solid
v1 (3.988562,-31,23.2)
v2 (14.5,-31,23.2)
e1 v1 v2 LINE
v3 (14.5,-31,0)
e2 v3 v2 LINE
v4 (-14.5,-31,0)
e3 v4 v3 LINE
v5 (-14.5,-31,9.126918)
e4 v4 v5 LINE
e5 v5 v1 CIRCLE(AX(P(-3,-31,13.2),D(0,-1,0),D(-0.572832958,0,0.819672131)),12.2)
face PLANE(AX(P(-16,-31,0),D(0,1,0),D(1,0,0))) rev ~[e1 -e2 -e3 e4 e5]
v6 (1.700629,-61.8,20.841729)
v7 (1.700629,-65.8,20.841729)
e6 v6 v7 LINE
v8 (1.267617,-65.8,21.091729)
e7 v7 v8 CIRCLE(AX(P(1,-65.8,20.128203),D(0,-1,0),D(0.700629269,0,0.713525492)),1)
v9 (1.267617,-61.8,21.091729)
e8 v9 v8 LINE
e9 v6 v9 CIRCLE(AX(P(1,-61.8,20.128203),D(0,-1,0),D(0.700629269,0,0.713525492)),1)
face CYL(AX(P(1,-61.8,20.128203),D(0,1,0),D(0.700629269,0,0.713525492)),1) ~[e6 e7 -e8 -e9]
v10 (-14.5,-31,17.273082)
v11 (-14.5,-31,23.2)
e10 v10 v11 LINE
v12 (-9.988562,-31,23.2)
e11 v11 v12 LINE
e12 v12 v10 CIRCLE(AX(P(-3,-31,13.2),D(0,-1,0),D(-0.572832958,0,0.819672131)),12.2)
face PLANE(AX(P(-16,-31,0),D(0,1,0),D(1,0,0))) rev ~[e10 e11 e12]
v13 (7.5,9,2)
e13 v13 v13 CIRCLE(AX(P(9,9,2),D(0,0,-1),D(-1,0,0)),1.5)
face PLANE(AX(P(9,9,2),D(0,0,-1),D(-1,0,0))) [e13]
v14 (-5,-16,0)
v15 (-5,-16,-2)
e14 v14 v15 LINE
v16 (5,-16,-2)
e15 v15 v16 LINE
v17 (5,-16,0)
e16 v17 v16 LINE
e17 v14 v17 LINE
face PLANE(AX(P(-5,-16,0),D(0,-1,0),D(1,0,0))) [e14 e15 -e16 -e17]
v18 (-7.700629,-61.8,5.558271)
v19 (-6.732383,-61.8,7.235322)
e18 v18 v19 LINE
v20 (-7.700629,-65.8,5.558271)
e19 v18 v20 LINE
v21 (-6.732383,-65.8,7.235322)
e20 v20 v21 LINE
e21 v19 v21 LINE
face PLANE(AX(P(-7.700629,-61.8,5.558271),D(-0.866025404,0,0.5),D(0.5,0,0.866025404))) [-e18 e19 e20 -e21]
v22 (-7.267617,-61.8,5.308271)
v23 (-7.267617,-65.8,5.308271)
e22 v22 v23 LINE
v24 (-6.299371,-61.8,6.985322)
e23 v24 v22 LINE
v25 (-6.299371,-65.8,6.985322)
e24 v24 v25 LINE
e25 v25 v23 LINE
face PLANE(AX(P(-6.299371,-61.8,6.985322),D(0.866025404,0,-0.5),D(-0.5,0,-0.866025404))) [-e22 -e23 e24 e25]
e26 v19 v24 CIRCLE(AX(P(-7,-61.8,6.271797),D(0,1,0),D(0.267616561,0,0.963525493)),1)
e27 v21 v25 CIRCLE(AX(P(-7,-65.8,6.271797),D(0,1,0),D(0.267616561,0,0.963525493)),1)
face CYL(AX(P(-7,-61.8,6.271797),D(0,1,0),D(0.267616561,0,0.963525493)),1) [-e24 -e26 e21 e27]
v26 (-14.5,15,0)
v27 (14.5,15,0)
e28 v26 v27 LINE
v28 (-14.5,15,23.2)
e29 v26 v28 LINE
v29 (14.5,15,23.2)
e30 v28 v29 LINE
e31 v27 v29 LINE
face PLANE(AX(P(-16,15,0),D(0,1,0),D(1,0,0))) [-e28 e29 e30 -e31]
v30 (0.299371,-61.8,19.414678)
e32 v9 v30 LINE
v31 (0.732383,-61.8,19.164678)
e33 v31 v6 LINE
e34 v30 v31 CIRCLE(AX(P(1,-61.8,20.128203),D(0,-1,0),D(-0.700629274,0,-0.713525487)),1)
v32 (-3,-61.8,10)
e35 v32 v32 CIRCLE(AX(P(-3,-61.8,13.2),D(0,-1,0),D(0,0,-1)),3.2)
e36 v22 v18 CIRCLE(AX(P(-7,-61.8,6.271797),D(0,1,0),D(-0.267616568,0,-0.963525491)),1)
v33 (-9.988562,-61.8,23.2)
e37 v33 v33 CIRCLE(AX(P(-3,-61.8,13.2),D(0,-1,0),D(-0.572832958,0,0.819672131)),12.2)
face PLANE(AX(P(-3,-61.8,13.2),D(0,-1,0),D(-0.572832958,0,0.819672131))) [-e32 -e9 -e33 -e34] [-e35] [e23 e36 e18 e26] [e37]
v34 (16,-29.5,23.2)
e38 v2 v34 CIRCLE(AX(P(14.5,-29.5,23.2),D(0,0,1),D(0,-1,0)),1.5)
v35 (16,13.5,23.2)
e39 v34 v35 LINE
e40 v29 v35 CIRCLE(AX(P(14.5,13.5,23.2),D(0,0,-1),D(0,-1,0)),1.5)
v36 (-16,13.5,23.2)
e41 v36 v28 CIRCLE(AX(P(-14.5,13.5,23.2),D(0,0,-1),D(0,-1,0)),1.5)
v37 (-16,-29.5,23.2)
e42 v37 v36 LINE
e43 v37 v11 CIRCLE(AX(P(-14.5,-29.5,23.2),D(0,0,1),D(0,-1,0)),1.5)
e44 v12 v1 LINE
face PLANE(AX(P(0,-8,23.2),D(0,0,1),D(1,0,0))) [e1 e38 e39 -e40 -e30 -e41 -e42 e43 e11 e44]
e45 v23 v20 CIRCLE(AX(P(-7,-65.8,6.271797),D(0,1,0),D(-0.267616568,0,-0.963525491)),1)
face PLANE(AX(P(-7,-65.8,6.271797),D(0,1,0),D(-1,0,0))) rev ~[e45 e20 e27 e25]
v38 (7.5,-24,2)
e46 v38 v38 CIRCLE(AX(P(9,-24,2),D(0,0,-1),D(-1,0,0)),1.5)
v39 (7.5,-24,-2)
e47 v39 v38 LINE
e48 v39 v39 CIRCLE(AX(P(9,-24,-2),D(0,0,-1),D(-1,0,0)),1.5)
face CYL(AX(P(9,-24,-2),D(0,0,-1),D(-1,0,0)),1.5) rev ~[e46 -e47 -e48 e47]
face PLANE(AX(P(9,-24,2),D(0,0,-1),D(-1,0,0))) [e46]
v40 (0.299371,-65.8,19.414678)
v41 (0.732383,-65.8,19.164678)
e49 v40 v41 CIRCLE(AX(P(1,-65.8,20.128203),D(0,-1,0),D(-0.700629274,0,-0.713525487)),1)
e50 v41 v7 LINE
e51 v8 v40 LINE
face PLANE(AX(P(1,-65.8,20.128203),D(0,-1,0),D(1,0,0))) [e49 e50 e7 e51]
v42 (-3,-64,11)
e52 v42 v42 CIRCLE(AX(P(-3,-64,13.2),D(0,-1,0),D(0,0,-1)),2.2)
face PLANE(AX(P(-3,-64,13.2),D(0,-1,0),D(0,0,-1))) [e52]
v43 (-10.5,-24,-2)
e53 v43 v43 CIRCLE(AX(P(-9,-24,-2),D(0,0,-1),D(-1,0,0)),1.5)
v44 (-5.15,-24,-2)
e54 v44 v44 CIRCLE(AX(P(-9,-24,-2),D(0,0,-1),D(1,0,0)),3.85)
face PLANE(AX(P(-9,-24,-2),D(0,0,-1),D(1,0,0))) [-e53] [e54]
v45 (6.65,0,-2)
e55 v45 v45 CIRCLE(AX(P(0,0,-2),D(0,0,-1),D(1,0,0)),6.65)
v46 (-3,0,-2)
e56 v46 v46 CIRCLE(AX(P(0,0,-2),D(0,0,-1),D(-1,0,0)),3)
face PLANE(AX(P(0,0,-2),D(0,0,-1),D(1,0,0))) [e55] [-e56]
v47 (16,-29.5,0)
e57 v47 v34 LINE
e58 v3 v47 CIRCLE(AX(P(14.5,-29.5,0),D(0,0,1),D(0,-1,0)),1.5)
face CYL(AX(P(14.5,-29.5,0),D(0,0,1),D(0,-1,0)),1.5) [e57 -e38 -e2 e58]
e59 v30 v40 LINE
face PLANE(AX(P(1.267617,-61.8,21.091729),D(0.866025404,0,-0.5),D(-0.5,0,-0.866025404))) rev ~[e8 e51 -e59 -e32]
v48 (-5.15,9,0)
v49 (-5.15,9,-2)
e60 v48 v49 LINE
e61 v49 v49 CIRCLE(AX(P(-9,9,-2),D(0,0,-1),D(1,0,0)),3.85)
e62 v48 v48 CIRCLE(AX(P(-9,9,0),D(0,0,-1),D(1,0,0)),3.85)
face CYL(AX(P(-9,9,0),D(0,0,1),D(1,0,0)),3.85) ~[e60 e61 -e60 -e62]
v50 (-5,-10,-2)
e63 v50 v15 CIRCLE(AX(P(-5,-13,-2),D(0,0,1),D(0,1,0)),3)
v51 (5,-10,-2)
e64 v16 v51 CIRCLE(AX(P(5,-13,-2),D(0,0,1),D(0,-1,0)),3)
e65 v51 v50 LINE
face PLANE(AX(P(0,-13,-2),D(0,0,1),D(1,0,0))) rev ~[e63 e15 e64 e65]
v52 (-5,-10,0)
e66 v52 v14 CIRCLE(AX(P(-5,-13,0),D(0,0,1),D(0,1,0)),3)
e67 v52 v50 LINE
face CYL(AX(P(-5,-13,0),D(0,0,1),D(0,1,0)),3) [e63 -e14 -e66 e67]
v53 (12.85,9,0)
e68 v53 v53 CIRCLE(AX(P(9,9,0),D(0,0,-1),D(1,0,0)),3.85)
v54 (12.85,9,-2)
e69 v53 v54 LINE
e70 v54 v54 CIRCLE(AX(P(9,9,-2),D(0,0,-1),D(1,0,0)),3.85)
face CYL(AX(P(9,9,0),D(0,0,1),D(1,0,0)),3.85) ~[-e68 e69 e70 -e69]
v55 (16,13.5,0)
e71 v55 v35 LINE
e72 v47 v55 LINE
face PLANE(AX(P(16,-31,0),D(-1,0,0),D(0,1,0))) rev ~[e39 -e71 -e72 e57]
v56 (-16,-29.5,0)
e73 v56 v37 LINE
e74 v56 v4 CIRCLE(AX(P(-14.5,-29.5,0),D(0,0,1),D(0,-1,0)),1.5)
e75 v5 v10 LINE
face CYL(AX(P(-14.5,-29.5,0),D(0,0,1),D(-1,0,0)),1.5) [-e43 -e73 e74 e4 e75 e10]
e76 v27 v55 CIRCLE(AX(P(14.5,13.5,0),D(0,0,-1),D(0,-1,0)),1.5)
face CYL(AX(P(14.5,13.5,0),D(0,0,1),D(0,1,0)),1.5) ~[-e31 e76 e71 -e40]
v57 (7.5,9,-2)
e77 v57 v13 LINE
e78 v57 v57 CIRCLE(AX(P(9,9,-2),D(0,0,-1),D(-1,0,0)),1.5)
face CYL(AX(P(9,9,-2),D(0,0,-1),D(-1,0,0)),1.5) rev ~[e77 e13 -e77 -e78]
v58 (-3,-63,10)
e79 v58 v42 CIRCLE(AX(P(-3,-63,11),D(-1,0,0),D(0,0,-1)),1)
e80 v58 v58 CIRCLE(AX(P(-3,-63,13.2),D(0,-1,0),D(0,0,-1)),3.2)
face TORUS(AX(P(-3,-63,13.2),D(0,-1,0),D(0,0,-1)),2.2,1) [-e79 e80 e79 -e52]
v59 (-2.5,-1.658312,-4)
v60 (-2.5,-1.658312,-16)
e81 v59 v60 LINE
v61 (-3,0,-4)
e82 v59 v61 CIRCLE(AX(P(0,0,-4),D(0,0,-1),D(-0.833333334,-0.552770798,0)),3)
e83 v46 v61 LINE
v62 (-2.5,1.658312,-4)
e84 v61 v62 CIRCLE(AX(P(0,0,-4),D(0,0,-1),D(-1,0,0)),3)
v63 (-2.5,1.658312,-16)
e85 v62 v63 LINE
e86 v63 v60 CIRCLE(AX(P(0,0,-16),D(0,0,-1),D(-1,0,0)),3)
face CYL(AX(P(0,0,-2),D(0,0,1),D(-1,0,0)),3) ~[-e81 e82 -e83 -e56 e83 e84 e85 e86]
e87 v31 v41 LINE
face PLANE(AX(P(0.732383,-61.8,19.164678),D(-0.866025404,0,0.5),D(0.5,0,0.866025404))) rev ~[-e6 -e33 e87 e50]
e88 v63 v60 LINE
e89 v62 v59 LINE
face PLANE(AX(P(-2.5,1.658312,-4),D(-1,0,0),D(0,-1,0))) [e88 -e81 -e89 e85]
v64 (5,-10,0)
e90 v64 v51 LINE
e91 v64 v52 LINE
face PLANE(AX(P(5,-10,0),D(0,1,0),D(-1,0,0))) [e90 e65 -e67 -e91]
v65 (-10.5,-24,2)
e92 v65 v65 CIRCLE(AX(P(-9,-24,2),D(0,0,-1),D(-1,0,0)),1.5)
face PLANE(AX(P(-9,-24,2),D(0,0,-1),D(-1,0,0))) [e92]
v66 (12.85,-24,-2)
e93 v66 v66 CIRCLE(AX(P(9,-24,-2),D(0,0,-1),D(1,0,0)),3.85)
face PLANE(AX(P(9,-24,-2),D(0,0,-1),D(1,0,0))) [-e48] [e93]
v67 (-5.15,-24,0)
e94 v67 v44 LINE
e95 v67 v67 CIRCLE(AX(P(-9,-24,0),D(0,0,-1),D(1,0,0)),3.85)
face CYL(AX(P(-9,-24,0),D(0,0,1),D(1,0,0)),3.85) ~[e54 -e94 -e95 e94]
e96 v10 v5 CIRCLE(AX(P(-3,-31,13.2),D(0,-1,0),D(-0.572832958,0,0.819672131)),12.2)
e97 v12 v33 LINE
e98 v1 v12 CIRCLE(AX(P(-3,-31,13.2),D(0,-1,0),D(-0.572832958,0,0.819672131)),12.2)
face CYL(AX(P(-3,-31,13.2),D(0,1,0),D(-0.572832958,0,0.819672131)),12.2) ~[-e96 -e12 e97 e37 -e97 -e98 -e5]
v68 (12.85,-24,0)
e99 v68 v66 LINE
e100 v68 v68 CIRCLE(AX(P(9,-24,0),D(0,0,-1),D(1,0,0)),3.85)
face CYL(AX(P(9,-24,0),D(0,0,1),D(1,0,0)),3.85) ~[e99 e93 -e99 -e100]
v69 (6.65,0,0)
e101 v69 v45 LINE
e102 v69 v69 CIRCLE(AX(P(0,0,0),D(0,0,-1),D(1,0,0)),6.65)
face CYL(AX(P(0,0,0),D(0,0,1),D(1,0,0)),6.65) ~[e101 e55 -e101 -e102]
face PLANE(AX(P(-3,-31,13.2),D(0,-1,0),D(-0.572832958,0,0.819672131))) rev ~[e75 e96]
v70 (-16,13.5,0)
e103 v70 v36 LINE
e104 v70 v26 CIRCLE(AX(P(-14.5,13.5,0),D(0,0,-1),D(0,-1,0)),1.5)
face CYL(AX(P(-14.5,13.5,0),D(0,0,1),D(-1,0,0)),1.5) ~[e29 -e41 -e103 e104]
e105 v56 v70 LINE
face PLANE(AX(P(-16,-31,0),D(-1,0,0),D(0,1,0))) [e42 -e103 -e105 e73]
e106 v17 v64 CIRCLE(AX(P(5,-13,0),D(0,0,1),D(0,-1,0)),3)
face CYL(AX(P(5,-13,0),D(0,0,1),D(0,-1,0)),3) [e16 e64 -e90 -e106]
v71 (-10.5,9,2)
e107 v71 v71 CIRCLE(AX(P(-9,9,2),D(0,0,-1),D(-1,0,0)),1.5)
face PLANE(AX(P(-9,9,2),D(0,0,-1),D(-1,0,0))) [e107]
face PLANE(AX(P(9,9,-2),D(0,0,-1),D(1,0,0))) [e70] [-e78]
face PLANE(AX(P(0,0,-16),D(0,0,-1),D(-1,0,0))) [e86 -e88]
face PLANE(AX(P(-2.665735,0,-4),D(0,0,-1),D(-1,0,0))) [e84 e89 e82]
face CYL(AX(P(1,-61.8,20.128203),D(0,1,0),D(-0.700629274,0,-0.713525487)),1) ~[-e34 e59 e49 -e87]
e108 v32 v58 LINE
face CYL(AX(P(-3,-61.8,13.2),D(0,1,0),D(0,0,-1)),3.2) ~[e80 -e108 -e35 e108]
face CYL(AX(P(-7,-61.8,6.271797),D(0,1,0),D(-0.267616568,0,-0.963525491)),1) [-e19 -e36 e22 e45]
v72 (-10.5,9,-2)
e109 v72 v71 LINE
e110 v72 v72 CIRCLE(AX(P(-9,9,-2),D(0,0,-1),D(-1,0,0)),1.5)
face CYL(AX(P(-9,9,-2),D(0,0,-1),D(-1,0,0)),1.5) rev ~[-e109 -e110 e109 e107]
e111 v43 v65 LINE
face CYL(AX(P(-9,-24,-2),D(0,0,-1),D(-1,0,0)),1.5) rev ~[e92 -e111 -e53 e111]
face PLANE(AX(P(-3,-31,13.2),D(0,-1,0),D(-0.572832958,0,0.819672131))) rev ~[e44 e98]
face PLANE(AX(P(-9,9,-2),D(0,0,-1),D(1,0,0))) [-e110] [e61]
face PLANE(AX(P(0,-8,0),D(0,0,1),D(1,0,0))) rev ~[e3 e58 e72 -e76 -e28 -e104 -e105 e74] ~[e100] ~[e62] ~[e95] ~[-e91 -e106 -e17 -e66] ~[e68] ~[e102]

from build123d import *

# Parameters (mm, degrees)
SKETCH1_W           = 32
SKETCH1_H           = 46
BOSS_EXTRUDE1_DEPTH = 23.2
SKETCH2_R           = 3.85
SKETCH2_R_2         = 6.65
BOSS_EXTRUDE2_DEPTH = 2
SKETCH3_R           = 1.5
CUT_EXTRUDE1_DEPTH  = 4
SKETCH4_R           = 3
BOSS_EXTRUDE3_DEPTH = 14
CUT_EXTRUDE2_START  = -12
CUT_EXTRUDE2_DEPTH  = 12
FILLET1_R           = 1.5
SKETCH6_R           = 12.2
BOSS_EXTRUDE4_DEPTH = 30.8
SKETCH7_R           = 3.2
BOSS_EXTRUDE5_DEPTH = 2.2
FILLET2_R           = 1
BOSS_EXTRUDE6_DEPTH = 4


with BuildPart() as part:
    # Sketch1 → Boss-Extrude1 (new body)
    with BuildSketch(Plane.XY):
        with Locations((0, -8)):
            Rectangle(SKETCH1_W, SKETCH1_H)
    extrude(amount=BOSS_EXTRUDE1_DEPTH)

    # Sketch2 → Boss-Extrude2 (add)
    with BuildSketch(Plane(origin=(0, 0, 0), x_dir=(-1, 0, 0), z_dir=(0, 0, -1))):
        with Locations(Location((-9, 9, 0), (0, 0, 180))):
            Circle(SKETCH2_R)
        with Locations(Location((9, 9, 0), (0, 0, 180))):
            Circle(SKETCH2_R)
        with Locations(Location((-9, -24, 0), (0, 0, 180))):
            Circle(SKETCH2_R)
        with Locations(Location((9, -24, 0), (0, 0, 180))):
            Circle(SKETCH2_R)
        with Locations(Location((0, 0, 0), (0, 0, 180))):
            Circle(SKETCH2_R_2)
        with BuildLine():
            Line((-5, -10), (5, -10))
            ThreePointArc((5, -10), (8, -13), (5, -16))
            Line((5, -16), (-5, -16))
            ThreePointArc((-5, -16), (-8, -13), (-5, -10))
        make_face()
    extrude(amount=BOSS_EXTRUDE2_DEPTH)

    # Sketch3 → Cut-Extrude1 (cut)
    with BuildSketch(Plane(origin=(0, 0, -2), x_dir=(-1, 0, 0), z_dir=(0, 0, -1))):
        with Locations((9, 9)):
            Circle(SKETCH3_R)
        with Locations((-9, 9)):
            Circle(SKETCH3_R)
        with Locations((-9, -24)):
            Circle(SKETCH3_R)
        with Locations((9, -24)):
            Circle(SKETCH3_R)
    extrude(amount=-CUT_EXTRUDE1_DEPTH, mode=Mode.SUBTRACT)

    # Sketch4 → Boss-Extrude3 (add)
    with BuildSketch(Plane(origin=(0, 0, -2), x_dir=(-1, 0, 0), z_dir=(0, 0, -1))):
        Circle(SKETCH4_R)
    extrude(amount=BOSS_EXTRUDE3_DEPTH)

    # Sketch5 → Cut-Extrude2 (cut)
    with BuildSketch(Plane(origin=(0, 0, -16), x_dir=(-1, 0, 0), z_dir=(0, 0, -1)).offset(CUT_EXTRUDE2_START)):
        with BuildLine():
            Line((2.5, 1.658312395), (2.5, -1.658312395))
            ThreePointArc((2.5, -1.658312395), (2.872281323, -0.866025404), (3, 0))
            ThreePointArc((3, 0), (2.872281323, 0.866025404), (2.5, 1.658312395))
        make_face()
    extrude(amount=CUT_EXTRUDE2_DEPTH, mode=Mode.SUBTRACT)

    # Fillet1
    fillet1_edges = [part.edges().sort_by_distance(p)[0] for p in [
        (-16, 15, 11.6),
        (16, 15, 11.6),
        (16, -31, 11.6),
        (-16, -31, 11.6),
    ]]
    fillet(fillet1_edges, radius=FILLET1_R)

    # Sketch6 → Boss-Extrude4 (add)
    with BuildSketch(Plane.XZ.offset(31)):
        with Locations(Location((-3, 13.2, 0), (0, 0, 124.94801372))):
            Circle(SKETCH6_R)
    extrude(amount=BOSS_EXTRUDE4_DEPTH)

    # Sketch7 → Boss-Extrude5 (add)
    with BuildSketch(Plane.XZ.offset(61.8)):
        with Locations(Location((-3, 13.2, 0), (0, 0, 270))):
            Circle(SKETCH7_R)
    extrude(amount=BOSS_EXTRUDE5_DEPTH)

    # Fillet2
    fillet2_edges = [part.edges().sort_by_distance(p)[0] for p in [
        (-3, -64, 16.4),
    ]]
    fillet(fillet2_edges, radius=FILLET2_R)

    # Sketch8 → Boss-Extrude6 (add)
    with BuildSketch(Plane.XZ.offset(61.8)):
        with BuildLine():
            Line((1.267616567, 21.091728722), (0.299370731, 19.414677739))
            ThreePointArc((0.299370731, 19.414677739), (0.5, 19.262177826), (0.732383433, 19.164677739))
            Line((0.732383433, 19.164677739), (1.700629269, 20.841728722))
            ThreePointArc((1.700629269, 20.841728722), (1.5, 20.994228634), (1.267616567, 21.091728722))
        make_face()
        with BuildLine():
            Line((-6.299370731, 6.985322261), (-7.267616567, 5.308271278))
            ThreePointArc((-7.267616567, 5.308271278), (-7.5, 5.405771366), (-7.700629269, 5.558271278))
            Line((-7.700629269, 5.558271278), (-6.732383433, 7.235322261))
            ThreePointArc((-6.732383433, 7.235322261), (-6.5, 7.137822174), (-6.299370731, 6.985322261))
        make_face()
    extrude(amount=BOSS_EXTRUDE6_DEPTH)


solid = part.part
